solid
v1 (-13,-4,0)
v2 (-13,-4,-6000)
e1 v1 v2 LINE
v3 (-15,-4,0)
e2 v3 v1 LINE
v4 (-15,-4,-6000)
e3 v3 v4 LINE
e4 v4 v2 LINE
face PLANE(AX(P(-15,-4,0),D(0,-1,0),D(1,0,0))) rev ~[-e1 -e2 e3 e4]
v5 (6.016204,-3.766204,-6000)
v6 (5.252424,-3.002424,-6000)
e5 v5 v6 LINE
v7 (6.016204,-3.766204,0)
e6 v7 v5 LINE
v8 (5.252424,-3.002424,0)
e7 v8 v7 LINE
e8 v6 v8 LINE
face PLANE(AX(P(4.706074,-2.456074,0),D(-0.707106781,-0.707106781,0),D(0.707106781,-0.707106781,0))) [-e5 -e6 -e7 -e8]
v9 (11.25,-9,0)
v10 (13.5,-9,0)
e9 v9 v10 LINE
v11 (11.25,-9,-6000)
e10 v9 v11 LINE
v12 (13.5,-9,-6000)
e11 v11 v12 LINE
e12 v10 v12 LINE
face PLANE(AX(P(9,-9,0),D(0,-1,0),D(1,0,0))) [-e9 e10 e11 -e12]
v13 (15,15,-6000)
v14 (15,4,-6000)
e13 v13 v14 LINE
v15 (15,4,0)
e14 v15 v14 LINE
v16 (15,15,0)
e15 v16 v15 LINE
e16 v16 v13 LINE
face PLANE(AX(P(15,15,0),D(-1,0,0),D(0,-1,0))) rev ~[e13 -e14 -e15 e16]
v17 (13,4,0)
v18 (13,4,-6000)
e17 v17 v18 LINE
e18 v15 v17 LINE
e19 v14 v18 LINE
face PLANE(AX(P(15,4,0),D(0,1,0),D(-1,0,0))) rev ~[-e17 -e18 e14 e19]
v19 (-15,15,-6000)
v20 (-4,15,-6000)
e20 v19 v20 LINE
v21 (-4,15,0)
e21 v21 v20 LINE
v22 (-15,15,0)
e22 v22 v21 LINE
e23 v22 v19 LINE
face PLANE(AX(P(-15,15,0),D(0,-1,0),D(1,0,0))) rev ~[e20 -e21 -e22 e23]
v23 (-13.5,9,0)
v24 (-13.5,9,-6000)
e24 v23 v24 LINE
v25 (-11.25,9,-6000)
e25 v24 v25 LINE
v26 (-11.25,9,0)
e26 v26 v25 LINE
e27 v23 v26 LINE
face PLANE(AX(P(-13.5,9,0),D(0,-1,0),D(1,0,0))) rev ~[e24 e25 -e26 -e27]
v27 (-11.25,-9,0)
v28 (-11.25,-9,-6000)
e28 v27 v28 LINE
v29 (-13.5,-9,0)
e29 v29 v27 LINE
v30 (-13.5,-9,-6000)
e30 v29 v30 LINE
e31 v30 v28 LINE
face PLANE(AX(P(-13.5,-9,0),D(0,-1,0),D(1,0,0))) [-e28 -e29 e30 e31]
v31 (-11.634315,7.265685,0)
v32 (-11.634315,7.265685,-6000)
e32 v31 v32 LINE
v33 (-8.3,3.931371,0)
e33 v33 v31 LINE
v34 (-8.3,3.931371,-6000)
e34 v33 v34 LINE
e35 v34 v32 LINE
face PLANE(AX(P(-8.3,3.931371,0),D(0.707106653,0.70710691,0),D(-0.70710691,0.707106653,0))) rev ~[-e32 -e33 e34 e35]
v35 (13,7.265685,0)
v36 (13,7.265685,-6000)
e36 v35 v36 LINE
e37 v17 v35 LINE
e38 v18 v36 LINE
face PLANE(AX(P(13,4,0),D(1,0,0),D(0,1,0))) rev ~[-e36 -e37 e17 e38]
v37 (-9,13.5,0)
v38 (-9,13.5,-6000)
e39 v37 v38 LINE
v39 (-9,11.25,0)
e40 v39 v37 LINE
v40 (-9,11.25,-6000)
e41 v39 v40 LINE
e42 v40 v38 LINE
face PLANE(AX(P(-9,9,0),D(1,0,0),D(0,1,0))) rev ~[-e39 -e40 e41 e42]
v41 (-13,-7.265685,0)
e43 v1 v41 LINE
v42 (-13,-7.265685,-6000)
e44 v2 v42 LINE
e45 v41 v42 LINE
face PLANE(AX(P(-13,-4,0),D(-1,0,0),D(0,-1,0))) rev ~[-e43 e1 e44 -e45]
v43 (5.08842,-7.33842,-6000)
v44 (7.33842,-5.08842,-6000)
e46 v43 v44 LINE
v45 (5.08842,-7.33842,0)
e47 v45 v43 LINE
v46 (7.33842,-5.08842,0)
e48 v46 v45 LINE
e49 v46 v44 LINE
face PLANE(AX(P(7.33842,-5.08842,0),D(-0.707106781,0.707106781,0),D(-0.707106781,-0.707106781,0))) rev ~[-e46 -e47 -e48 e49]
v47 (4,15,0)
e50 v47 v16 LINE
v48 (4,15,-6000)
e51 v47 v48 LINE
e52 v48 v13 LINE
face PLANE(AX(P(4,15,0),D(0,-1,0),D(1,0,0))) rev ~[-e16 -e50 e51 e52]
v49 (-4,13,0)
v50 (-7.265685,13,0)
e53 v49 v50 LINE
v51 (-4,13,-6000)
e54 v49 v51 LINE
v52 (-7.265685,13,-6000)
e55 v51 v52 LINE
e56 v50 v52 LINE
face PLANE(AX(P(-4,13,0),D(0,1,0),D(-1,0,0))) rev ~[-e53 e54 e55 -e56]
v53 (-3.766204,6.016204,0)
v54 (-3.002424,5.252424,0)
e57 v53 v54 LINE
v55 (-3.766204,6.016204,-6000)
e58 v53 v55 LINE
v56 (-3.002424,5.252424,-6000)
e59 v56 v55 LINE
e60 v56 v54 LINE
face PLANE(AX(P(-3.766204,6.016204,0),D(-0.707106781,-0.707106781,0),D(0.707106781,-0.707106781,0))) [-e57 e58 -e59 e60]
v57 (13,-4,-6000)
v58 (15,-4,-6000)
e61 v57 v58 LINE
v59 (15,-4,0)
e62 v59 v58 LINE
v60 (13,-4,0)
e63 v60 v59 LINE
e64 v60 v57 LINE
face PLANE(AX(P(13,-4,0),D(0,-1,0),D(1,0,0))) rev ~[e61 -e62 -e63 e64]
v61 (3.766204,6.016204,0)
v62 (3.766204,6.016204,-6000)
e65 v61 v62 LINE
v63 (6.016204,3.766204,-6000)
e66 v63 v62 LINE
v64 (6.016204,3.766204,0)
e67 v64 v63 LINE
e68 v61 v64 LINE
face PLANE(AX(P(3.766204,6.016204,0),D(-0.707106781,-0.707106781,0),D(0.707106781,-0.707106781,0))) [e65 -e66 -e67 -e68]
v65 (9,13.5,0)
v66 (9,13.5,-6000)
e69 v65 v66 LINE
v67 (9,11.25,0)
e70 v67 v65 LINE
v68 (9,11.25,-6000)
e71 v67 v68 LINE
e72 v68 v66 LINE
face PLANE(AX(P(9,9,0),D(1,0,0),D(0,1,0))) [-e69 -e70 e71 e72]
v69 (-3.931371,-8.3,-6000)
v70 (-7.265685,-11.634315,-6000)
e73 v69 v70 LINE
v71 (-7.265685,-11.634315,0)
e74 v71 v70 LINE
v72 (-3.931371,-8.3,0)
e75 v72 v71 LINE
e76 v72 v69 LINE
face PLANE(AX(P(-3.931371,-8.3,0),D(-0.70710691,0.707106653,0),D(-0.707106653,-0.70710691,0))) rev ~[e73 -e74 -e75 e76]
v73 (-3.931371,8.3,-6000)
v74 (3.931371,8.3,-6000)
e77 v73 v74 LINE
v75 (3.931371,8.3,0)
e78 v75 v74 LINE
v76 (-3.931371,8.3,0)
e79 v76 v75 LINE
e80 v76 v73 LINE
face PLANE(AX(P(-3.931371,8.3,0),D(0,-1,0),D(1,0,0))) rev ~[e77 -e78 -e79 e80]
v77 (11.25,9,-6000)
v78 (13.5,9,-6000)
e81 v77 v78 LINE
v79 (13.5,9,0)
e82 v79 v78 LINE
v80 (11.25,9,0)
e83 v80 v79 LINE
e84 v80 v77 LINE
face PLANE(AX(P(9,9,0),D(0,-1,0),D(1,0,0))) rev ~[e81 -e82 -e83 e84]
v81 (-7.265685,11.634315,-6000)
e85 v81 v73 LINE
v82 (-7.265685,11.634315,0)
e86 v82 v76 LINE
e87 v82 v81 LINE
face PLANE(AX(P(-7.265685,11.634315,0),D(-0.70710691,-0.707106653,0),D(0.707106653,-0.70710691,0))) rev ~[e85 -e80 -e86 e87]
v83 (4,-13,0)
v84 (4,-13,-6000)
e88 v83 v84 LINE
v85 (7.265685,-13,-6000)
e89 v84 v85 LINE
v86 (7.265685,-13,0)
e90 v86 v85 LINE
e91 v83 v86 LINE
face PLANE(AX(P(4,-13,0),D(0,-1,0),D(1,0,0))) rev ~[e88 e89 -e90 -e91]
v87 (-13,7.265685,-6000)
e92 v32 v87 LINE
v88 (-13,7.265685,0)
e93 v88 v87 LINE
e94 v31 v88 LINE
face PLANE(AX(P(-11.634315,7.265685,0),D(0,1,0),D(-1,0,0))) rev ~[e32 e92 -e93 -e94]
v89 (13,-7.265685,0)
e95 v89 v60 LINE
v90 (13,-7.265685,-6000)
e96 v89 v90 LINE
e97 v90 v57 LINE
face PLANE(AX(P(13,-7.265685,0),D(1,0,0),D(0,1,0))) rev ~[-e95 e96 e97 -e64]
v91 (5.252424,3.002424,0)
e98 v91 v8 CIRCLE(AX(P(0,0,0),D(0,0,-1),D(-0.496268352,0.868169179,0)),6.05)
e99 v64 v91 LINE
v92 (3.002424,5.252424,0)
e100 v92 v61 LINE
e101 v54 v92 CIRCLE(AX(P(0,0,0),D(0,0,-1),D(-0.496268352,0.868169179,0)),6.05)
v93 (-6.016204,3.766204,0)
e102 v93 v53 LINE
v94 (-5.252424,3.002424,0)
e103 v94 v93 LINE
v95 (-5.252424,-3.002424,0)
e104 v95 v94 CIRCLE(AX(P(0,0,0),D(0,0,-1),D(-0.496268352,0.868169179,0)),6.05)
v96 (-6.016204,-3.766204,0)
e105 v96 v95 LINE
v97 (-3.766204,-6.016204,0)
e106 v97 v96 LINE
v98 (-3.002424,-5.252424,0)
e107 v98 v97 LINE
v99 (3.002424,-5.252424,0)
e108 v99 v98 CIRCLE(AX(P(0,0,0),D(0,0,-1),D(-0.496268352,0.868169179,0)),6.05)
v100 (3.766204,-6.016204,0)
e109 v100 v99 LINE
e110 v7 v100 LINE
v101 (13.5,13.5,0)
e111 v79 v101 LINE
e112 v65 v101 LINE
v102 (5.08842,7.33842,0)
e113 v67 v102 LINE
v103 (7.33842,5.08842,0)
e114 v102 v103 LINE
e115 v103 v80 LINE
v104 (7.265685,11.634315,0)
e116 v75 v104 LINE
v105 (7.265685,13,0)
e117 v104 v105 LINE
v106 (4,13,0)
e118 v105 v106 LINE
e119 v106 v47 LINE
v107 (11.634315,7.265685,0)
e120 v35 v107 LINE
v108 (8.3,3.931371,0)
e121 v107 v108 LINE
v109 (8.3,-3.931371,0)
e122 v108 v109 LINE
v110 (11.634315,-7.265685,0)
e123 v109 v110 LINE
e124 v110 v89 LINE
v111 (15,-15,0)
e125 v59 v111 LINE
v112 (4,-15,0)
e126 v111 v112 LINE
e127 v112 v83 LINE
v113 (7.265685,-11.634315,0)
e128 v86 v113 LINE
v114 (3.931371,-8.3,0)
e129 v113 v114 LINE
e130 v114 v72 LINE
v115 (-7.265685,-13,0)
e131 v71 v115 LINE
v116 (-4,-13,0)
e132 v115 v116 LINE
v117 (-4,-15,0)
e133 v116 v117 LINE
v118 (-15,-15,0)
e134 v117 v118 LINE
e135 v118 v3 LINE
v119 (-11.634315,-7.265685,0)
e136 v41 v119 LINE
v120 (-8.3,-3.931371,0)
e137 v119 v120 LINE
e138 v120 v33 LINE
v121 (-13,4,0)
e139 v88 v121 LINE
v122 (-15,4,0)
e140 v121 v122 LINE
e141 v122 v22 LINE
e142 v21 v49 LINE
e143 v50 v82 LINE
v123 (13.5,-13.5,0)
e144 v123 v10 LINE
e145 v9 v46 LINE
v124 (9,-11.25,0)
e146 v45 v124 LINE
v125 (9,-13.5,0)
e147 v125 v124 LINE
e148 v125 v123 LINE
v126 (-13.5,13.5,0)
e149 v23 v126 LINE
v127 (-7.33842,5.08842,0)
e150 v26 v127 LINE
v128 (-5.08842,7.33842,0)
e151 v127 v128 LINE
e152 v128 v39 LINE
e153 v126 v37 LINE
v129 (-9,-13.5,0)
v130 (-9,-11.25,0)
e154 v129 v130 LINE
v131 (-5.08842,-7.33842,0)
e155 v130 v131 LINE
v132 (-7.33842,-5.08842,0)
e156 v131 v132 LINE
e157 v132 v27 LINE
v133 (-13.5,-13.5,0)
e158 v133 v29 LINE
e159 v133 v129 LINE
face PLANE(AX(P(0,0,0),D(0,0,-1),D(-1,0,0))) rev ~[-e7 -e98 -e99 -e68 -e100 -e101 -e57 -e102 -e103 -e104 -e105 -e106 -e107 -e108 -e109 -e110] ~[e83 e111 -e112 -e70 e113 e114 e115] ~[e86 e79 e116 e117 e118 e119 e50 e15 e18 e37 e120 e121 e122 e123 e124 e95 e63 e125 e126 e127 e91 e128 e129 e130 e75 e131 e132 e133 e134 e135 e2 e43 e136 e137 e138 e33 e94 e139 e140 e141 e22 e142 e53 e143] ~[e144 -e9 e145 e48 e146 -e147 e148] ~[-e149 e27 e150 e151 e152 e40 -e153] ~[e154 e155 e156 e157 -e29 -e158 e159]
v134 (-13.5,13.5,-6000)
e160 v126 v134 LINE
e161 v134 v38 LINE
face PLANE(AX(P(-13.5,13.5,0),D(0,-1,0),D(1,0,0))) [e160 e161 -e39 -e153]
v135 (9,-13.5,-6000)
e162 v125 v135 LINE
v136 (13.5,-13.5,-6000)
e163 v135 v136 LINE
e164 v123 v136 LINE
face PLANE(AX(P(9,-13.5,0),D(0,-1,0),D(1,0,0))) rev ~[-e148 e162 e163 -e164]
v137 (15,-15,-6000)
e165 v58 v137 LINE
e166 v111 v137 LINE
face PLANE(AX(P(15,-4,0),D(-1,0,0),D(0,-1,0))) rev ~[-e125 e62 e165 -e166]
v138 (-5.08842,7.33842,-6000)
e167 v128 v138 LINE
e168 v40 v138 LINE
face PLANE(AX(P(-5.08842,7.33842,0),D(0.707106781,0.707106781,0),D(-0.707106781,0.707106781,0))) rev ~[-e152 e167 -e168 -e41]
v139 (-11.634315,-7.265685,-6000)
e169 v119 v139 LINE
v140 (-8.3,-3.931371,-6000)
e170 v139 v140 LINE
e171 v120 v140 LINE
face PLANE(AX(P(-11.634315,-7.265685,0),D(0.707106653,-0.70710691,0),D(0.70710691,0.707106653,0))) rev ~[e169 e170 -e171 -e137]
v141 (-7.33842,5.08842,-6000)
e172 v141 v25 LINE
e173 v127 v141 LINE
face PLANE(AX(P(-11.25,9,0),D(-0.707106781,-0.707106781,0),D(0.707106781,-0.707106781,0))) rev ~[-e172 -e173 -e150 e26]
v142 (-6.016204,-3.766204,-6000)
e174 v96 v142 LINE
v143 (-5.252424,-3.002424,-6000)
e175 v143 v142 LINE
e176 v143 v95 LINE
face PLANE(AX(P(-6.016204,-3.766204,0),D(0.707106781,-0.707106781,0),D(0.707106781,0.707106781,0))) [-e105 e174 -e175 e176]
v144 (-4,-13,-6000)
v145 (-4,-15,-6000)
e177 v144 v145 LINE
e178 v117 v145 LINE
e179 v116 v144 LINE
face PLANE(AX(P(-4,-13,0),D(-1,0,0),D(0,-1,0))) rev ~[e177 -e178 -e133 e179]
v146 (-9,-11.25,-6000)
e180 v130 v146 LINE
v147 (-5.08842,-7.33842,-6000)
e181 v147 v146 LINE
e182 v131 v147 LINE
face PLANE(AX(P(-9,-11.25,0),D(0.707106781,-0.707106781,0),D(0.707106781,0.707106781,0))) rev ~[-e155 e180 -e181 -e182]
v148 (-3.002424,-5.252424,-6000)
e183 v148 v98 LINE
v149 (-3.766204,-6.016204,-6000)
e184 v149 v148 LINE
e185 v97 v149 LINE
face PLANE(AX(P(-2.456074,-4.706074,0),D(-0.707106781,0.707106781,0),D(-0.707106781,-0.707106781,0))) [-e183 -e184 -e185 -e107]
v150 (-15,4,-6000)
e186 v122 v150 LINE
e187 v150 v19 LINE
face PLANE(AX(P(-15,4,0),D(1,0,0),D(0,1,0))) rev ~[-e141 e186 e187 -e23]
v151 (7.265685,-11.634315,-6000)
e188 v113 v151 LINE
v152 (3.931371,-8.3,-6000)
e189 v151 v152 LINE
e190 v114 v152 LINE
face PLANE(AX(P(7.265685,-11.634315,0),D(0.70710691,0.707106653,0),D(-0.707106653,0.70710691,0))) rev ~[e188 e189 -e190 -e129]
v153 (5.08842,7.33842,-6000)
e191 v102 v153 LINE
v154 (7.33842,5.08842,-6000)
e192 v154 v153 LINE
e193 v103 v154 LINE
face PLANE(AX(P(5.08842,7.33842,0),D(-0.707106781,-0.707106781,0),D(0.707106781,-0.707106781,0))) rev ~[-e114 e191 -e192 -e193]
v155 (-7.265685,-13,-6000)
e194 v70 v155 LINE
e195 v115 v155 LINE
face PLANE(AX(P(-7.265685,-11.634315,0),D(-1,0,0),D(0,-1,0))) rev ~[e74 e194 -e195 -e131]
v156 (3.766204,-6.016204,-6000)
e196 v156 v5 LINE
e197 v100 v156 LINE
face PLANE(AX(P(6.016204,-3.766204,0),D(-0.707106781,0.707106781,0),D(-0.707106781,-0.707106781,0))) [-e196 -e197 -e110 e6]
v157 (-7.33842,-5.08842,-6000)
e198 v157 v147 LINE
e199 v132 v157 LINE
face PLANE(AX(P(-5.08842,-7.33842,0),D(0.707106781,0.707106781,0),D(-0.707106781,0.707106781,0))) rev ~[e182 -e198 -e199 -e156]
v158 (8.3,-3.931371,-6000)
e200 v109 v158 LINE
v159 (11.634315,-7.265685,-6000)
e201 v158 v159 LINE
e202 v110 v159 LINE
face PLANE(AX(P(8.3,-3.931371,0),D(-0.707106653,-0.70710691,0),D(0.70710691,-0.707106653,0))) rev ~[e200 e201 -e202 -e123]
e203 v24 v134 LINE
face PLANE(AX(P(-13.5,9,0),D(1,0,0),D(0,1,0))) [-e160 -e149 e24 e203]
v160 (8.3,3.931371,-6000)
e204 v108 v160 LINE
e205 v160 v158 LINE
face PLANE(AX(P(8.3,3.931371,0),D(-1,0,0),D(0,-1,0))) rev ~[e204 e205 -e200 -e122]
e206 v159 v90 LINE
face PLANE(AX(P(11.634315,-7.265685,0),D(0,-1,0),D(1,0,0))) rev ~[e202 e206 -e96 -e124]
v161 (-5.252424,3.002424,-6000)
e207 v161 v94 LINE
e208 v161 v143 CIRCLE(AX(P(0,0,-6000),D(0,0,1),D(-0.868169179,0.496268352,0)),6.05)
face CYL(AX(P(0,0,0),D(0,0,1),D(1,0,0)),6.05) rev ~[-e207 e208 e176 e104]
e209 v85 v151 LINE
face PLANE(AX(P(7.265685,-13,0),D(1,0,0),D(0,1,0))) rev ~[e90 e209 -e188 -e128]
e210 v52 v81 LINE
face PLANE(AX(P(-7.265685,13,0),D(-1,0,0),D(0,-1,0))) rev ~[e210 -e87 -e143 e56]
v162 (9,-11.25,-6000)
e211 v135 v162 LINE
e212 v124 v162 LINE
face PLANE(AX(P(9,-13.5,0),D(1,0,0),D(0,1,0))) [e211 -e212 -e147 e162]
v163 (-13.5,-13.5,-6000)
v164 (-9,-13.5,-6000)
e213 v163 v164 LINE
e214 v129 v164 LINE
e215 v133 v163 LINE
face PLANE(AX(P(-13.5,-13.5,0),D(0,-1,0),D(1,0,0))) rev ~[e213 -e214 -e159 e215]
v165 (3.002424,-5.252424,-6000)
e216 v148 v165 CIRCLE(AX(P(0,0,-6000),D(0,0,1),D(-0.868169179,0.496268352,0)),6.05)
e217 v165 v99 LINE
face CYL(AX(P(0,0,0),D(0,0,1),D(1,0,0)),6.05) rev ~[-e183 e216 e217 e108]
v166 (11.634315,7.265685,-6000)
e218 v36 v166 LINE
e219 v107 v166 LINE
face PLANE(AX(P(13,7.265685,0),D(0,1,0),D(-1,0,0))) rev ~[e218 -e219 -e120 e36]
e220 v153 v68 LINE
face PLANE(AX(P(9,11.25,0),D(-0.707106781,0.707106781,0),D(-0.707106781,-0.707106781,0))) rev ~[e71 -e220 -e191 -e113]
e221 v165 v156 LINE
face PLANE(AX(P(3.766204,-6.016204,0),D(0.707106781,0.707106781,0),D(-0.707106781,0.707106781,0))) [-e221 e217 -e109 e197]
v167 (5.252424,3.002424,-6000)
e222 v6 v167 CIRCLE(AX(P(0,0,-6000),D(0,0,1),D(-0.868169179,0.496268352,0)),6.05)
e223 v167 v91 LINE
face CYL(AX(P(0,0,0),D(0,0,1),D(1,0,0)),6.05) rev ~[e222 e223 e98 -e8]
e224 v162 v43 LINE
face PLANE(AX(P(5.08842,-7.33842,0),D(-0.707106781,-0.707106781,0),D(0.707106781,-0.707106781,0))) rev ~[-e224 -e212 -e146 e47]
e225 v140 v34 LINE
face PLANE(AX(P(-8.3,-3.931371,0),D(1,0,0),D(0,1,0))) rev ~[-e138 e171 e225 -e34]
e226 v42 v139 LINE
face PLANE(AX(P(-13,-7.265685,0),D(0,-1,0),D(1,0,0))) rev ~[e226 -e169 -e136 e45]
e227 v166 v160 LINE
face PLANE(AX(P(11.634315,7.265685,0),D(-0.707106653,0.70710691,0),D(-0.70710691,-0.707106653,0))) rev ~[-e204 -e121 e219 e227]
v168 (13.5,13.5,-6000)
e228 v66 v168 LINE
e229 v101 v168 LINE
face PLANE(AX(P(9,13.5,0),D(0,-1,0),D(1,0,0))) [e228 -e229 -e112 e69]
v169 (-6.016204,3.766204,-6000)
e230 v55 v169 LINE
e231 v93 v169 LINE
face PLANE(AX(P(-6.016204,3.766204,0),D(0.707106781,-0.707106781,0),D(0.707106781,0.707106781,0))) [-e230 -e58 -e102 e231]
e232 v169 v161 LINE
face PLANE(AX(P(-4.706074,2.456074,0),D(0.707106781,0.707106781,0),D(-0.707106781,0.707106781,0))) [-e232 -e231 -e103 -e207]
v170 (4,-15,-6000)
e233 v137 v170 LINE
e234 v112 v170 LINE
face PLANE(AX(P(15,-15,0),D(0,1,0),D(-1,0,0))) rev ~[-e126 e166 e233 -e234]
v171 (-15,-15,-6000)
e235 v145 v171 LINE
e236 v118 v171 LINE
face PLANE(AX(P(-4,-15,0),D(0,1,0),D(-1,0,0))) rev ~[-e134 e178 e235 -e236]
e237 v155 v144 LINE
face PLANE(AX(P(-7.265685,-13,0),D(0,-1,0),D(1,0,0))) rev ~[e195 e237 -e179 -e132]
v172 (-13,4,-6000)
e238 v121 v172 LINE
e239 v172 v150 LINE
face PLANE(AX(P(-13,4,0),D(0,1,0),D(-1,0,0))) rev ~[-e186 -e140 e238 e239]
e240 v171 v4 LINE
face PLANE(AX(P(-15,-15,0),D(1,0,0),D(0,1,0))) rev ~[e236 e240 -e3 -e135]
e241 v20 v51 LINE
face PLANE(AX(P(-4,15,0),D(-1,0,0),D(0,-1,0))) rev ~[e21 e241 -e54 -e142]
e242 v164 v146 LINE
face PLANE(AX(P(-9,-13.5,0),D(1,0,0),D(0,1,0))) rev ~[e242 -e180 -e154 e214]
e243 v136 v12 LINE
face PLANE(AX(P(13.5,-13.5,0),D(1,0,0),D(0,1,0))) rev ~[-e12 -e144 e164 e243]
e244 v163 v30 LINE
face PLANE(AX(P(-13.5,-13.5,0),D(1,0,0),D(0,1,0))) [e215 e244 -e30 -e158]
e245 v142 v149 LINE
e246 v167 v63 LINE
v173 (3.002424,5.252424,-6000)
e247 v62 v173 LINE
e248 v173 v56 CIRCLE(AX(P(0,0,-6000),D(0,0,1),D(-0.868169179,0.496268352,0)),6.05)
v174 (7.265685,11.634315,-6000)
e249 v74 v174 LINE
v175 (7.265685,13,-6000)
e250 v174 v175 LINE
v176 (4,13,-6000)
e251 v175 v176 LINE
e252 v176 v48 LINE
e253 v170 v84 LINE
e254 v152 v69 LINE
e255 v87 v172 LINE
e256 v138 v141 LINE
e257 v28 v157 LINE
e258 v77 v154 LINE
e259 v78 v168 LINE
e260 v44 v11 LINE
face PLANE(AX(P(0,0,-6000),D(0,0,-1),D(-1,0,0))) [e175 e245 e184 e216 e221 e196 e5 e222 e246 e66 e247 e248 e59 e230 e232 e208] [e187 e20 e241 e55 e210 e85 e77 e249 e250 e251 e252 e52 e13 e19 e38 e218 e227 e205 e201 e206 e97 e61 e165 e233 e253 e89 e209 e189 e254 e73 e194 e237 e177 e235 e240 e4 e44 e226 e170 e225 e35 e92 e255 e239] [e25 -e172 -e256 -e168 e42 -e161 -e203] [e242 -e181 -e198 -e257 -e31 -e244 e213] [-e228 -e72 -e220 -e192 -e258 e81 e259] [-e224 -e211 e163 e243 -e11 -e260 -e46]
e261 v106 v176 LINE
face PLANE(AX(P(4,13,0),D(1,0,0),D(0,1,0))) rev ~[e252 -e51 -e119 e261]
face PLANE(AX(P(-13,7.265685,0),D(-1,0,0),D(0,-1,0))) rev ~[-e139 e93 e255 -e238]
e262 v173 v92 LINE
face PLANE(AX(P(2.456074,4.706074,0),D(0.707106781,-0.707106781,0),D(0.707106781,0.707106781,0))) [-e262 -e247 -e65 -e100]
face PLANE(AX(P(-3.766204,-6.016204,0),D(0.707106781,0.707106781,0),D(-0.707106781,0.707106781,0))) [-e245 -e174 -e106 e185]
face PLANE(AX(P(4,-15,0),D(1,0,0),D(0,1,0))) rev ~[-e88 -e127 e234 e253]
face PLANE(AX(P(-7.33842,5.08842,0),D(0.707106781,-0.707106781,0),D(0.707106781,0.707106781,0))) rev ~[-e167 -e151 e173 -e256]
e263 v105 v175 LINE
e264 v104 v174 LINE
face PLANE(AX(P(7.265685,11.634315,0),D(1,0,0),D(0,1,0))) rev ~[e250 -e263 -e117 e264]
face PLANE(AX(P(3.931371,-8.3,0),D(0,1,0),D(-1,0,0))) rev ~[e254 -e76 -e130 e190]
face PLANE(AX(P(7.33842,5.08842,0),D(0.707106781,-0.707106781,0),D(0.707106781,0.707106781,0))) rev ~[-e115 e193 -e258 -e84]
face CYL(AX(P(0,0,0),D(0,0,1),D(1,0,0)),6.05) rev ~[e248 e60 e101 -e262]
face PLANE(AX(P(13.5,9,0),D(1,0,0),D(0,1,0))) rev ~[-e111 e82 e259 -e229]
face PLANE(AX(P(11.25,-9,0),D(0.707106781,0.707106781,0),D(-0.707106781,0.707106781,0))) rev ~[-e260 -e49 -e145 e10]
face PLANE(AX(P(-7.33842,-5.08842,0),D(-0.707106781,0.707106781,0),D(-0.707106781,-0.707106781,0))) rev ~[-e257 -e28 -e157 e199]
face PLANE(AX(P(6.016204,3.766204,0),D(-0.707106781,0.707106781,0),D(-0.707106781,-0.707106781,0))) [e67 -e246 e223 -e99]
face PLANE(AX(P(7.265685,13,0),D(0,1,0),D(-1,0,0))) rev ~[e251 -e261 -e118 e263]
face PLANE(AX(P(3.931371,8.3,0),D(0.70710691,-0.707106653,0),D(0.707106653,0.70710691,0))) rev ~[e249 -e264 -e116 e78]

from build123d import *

# Parameters (mm, degrees)
SKETCH_B02_1_R     = 6.05
SKETCH_B02_1_W     = 4.5
SKETCH_B02_1_H     = 4.5
EXTRUDE1_DEPTH     = 6000
CUT_EXTRUDE1_DEPTH = 6001
CIRPATTERN1_COUNT  = 4
CUT_EXTRUDE2_DEPTH = 6001
CIRPATTERN2_COUNT  = 4


with BuildPart() as part:
    # Sketch B02-1 → Extrude1 (new body)
    with BuildSketch(Plane.XY):
        Polygon((-13, -7.265685), (-11.634315, -7.265685), (-8.3, -3.931371213), (-8.3, 3.931371213), (-11.634315, 7.265685), (-13, 7.265685), (-13, 4), (-15, 4), (-15, 15), (-4, 15), (-4, 13), (-7.265685, 13), (-7.265685, 11.634315), (-3.931371213, 8.3), (3.931371213, 8.3), (7.265685, 11.634315), (7.265685, 13), (4, 13), (4, 15), (15, 15), (15, 4), (13, 4), (13, 7.265685), (11.634315, 7.265685), (8.3, 3.931371213), (8.3, -3.931371213), (11.634315, -7.265685), (13, -7.265685), (13, -4), (15, -4), (15, -15), (4, -15), (4, -13), (7.265685, -13), (7.265685, -11.634315), (3.931371213, -8.3), (-3.931371213, -8.3), (-7.265685, -11.634315), (-7.265685, -13), (-4, -13), (-4, -15), (-15, -15), (-15, -4), (-13, -4), align=None)
        Circle(SKETCH_B02_1_R, mode=Mode.SUBTRACT)
        with Locations((-11.25, -11.25)):
            Rectangle(SKETCH_B02_1_W, SKETCH_B02_1_H, mode=Mode.SUBTRACT)
        with Locations((-11.25, 11.25)):
            Rectangle(SKETCH_B02_1_W, SKETCH_B02_1_H, mode=Mode.SUBTRACT)
        with Locations((11.25, -11.25)):
            Rectangle(SKETCH_B02_1_W, SKETCH_B02_1_H, mode=Mode.SUBTRACT)
        with Locations((11.25, 11.25)):
            Rectangle(SKETCH_B02_1_W, SKETCH_B02_1_H, mode=Mode.SUBTRACT)
    extrude(amount=-EXTRUDE1_DEPTH)

    # Sketch1 → Cut-Extrude1 (cut, through all)
    with BuildSketch(Plane.XY):
        Polygon((-11.25, 9), (-7.338420268, 5.088420268), (-5.088420268, 7.338420268), (-9, 11.25), align=None)
    cut_extrude1 = extrude(amount=-CUT_EXTRUDE1_DEPTH, mode=Mode.SUBTRACT)

    # CirPattern1: Cut-Extrude1 ×4 about axis
    cirpattern1_axis = Axis((0, 0, 0), (0, 0, 1))
    for i in range(1, CIRPATTERN1_COUNT):
        add(cut_extrude1.rotate(cirpattern1_axis, i * 360 / CIRPATTERN1_COUNT), mode=Mode.SUBTRACT)

    # Sketch2 → Cut-Extrude2 (cut, through all)
    with BuildSketch(Plane.XY):
        Polygon((-4.706074285, 2.456074285), (-6.01620443, 3.76620443), (-3.76620443, 6.01620443), (-2.456074285, 4.706074285), align=None)
    cut_extrude2 = extrude(amount=-CUT_EXTRUDE2_DEPTH, mode=Mode.SUBTRACT)

    # CirPattern2: Cut-Extrude2 ×4 about axis
    cirpattern2_axis = Axis((0, 0, 0), (0, 0, 1))
    for i in range(1, CIRPATTERN2_COUNT):
        add(cut_extrude2.rotate(cirpattern2_axis, i * 360 / CIRPATTERN2_COUNT), mode=Mode.SUBTRACT)


solid = part.part
